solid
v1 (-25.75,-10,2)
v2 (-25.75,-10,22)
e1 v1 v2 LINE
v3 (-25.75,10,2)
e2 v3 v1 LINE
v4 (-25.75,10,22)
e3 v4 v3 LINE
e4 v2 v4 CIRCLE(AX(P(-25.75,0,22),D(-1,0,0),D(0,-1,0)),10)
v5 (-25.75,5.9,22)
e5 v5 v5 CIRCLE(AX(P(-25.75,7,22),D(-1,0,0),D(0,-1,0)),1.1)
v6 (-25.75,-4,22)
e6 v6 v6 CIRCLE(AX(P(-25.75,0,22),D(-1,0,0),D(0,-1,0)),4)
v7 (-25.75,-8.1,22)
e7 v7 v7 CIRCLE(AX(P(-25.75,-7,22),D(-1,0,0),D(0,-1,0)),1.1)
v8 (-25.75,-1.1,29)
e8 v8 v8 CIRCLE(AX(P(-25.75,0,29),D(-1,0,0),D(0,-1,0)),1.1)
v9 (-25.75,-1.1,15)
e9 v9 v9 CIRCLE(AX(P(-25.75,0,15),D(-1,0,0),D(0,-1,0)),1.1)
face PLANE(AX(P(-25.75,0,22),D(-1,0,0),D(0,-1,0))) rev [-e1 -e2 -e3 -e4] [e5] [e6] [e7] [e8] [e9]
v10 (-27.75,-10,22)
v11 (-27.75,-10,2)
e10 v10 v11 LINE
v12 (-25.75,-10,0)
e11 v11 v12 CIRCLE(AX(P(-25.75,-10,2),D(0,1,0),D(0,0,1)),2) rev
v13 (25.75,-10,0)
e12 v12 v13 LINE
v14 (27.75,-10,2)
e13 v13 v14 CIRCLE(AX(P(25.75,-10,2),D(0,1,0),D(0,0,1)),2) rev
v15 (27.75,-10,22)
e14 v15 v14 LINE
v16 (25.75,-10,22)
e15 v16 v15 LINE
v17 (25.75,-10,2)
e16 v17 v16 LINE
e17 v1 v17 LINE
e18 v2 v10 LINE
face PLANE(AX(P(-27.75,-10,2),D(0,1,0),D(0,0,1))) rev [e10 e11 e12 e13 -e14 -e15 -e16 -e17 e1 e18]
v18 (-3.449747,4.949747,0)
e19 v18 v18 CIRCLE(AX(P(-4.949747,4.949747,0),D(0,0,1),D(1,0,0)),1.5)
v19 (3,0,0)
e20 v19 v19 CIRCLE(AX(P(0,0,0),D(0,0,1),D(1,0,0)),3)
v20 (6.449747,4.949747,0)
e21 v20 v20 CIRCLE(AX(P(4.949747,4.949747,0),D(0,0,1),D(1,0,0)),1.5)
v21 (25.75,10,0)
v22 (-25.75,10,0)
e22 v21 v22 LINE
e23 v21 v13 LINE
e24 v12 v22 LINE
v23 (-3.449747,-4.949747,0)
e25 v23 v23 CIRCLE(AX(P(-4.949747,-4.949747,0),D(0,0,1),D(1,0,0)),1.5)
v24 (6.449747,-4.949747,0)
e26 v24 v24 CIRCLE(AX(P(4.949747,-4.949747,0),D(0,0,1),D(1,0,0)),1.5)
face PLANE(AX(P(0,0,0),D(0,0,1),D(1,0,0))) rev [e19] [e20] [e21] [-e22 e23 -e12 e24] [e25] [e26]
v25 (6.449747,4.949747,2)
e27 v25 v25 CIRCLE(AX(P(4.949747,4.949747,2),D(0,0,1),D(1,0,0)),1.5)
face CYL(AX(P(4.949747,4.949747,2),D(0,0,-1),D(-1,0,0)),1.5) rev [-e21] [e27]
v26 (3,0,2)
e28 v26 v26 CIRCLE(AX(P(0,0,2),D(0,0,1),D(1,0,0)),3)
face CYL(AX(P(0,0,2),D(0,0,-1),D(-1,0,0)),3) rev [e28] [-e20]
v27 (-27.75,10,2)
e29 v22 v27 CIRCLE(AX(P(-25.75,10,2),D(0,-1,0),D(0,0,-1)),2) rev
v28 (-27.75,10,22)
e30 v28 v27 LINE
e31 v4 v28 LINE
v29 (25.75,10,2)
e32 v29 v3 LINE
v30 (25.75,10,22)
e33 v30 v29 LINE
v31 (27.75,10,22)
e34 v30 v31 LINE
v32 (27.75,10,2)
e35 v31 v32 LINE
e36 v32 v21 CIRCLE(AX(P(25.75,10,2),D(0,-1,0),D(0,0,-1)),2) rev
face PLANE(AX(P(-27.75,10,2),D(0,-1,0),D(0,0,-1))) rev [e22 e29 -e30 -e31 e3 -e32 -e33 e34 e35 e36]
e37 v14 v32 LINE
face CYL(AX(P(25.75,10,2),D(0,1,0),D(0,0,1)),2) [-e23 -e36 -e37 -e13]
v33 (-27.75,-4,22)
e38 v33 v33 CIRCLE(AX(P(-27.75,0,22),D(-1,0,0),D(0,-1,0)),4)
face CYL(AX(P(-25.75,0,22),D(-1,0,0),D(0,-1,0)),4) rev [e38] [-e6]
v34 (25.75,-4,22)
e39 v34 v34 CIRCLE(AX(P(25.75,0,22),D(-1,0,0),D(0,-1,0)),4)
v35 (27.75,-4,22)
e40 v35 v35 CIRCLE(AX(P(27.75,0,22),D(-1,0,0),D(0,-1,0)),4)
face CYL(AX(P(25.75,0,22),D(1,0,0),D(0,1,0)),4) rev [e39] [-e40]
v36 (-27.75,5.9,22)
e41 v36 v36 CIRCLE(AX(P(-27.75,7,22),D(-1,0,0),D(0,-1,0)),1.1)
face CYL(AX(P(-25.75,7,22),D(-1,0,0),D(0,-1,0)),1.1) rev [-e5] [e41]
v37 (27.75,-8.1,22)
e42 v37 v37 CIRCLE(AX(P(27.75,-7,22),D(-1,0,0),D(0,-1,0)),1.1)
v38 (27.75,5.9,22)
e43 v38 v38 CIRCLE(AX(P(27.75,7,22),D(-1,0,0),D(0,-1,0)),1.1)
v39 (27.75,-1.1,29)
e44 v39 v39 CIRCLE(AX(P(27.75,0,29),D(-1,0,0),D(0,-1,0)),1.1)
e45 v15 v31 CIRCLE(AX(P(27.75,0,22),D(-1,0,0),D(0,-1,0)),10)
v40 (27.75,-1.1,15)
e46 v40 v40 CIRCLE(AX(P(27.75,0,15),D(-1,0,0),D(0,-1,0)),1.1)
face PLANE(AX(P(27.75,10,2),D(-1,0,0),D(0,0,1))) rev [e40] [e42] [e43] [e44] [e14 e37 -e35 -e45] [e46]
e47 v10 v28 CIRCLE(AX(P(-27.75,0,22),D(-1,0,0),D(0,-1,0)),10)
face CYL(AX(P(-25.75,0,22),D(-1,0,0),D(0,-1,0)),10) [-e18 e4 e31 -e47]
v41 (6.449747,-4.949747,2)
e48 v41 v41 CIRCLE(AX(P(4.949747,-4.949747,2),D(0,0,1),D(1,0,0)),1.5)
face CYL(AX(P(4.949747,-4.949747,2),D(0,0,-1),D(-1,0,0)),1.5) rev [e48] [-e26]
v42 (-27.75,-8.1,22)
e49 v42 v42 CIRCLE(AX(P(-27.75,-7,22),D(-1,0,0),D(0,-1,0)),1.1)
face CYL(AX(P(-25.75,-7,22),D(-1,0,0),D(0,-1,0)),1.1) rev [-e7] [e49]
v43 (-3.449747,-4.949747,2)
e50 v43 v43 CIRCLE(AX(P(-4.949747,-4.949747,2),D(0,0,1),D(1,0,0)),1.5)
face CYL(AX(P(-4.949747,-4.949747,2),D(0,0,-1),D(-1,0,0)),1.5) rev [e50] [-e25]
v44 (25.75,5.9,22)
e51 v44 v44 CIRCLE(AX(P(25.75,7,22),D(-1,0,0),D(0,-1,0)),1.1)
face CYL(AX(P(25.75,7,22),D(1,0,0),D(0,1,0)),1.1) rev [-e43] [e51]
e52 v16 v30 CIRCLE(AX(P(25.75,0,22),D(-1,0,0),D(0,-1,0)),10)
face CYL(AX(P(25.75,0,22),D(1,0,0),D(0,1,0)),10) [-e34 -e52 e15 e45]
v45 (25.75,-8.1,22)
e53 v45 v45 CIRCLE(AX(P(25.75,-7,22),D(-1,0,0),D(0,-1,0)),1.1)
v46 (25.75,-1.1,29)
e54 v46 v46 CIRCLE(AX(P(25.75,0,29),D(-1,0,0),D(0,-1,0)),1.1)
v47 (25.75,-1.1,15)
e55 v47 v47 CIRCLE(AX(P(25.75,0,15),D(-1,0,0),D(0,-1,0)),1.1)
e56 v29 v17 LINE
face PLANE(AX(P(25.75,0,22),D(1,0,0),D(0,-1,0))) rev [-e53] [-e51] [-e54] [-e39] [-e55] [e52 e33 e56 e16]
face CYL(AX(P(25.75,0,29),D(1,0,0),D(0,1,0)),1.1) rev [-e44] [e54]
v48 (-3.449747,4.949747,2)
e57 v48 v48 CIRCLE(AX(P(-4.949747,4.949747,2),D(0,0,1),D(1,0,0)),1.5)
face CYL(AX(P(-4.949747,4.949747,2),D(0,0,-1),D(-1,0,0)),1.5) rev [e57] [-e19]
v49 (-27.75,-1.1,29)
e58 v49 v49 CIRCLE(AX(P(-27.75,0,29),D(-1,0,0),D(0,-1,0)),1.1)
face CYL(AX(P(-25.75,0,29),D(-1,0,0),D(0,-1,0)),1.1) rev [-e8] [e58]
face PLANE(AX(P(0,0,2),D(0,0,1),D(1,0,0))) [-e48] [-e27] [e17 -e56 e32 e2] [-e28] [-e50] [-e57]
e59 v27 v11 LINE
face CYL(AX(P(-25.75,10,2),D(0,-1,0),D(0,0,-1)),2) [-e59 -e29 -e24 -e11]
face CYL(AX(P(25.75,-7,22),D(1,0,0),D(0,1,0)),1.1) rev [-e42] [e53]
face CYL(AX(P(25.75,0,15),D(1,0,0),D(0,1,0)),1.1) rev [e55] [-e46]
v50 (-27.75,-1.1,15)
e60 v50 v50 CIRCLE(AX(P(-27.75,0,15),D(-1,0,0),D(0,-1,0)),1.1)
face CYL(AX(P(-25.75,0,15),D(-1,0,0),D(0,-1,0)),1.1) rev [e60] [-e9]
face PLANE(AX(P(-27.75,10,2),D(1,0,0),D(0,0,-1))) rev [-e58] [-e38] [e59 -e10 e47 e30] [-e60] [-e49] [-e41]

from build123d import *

# Parameters (mm, degrees)
SKETCH_1_W      = 55.5
SKETCH_1_H      = 20
SKETCH_1_R      = 3
SKETCH_1_R_2    = 1.5
EXTRUDE_1_DEPTH = 2
SKETCH_2_R      = 4
SKETCH_2_R_2    = 1.1
EXTRUDE_2_DEPTH = 2
FILLET_1_R      = 2


with BuildPart() as part:
    # 草图1 → 凸台-拉伸1 (new body)
    with BuildSketch(Plane.XY):
        Rectangle(SKETCH_1_W, SKETCH_1_H)
        Circle(SKETCH_1_R, mode=Mode.SUBTRACT)
        with Locations((-4.949747468, 4.949747468)):
            Circle(SKETCH_1_R_2, mode=Mode.SUBTRACT)
        with Locations((4.949747468, 4.949747468)):
            Circle(SKETCH_1_R_2, mode=Mode.SUBTRACT)
        with Locations((4.949747468, -4.949747468)):
            Circle(SKETCH_1_R_2, mode=Mode.SUBTRACT)
        with Locations((-4.949747468, -4.949747468)):
            Circle(SKETCH_1_R_2, mode=Mode.SUBTRACT)
    extrude(amount=EXTRUDE_1_DEPTH)

    # 草图2 → 凸台-拉伸2 (add)
    with BuildSketch(Plane.ZY.offset(27.75)):
        with BuildLine():
            Line((2, 10), (2, -10))
            Line((2, -10), (22, -10))
            ThreePointArc((22, -10), (32, 0), (22, 10))
            Line((22, 10), (2, 10))
        make_face()
        with Locations(Location((22, 0, 0), (0, 0, 270))):
            Circle(SKETCH_2_R, mode=Mode.SUBTRACT)
        with Locations(Location((29, 0, 0), (0, 0, 270))):
            Circle(SKETCH_2_R_2, mode=Mode.SUBTRACT)
        with Locations(Location((22, -7, 0), (0, 0, 270))):
            Circle(SKETCH_2_R_2, mode=Mode.SUBTRACT)
        with Locations(Location((15, 0, 0), (0, 0, 270))):
            Circle(SKETCH_2_R_2, mode=Mode.SUBTRACT)
        with Locations(Location((22, 7, 0), (0, 0, 270))):
            Circle(SKETCH_2_R_2, mode=Mode.SUBTRACT)
    extrude_2 = extrude(amount=-EXTRUDE_2_DEPTH)

    # 镜向1: 凸台-拉伸2 across plane
    add(extrude_2.mirror(Plane(origin=(0, 0, 0), x_dir=(0, 0, 1), z_dir=(1, 0, 0))))

    # 圆角1
    fillet_1_edges = [part.edges().sort_by_distance(p)[0] for p in [
        (-27.75, 0, 0),
        (27.75, 0, 0),
    ]]
    fillet(fillet_1_edges, radius=FILLET_1_R)


solid = part.part
